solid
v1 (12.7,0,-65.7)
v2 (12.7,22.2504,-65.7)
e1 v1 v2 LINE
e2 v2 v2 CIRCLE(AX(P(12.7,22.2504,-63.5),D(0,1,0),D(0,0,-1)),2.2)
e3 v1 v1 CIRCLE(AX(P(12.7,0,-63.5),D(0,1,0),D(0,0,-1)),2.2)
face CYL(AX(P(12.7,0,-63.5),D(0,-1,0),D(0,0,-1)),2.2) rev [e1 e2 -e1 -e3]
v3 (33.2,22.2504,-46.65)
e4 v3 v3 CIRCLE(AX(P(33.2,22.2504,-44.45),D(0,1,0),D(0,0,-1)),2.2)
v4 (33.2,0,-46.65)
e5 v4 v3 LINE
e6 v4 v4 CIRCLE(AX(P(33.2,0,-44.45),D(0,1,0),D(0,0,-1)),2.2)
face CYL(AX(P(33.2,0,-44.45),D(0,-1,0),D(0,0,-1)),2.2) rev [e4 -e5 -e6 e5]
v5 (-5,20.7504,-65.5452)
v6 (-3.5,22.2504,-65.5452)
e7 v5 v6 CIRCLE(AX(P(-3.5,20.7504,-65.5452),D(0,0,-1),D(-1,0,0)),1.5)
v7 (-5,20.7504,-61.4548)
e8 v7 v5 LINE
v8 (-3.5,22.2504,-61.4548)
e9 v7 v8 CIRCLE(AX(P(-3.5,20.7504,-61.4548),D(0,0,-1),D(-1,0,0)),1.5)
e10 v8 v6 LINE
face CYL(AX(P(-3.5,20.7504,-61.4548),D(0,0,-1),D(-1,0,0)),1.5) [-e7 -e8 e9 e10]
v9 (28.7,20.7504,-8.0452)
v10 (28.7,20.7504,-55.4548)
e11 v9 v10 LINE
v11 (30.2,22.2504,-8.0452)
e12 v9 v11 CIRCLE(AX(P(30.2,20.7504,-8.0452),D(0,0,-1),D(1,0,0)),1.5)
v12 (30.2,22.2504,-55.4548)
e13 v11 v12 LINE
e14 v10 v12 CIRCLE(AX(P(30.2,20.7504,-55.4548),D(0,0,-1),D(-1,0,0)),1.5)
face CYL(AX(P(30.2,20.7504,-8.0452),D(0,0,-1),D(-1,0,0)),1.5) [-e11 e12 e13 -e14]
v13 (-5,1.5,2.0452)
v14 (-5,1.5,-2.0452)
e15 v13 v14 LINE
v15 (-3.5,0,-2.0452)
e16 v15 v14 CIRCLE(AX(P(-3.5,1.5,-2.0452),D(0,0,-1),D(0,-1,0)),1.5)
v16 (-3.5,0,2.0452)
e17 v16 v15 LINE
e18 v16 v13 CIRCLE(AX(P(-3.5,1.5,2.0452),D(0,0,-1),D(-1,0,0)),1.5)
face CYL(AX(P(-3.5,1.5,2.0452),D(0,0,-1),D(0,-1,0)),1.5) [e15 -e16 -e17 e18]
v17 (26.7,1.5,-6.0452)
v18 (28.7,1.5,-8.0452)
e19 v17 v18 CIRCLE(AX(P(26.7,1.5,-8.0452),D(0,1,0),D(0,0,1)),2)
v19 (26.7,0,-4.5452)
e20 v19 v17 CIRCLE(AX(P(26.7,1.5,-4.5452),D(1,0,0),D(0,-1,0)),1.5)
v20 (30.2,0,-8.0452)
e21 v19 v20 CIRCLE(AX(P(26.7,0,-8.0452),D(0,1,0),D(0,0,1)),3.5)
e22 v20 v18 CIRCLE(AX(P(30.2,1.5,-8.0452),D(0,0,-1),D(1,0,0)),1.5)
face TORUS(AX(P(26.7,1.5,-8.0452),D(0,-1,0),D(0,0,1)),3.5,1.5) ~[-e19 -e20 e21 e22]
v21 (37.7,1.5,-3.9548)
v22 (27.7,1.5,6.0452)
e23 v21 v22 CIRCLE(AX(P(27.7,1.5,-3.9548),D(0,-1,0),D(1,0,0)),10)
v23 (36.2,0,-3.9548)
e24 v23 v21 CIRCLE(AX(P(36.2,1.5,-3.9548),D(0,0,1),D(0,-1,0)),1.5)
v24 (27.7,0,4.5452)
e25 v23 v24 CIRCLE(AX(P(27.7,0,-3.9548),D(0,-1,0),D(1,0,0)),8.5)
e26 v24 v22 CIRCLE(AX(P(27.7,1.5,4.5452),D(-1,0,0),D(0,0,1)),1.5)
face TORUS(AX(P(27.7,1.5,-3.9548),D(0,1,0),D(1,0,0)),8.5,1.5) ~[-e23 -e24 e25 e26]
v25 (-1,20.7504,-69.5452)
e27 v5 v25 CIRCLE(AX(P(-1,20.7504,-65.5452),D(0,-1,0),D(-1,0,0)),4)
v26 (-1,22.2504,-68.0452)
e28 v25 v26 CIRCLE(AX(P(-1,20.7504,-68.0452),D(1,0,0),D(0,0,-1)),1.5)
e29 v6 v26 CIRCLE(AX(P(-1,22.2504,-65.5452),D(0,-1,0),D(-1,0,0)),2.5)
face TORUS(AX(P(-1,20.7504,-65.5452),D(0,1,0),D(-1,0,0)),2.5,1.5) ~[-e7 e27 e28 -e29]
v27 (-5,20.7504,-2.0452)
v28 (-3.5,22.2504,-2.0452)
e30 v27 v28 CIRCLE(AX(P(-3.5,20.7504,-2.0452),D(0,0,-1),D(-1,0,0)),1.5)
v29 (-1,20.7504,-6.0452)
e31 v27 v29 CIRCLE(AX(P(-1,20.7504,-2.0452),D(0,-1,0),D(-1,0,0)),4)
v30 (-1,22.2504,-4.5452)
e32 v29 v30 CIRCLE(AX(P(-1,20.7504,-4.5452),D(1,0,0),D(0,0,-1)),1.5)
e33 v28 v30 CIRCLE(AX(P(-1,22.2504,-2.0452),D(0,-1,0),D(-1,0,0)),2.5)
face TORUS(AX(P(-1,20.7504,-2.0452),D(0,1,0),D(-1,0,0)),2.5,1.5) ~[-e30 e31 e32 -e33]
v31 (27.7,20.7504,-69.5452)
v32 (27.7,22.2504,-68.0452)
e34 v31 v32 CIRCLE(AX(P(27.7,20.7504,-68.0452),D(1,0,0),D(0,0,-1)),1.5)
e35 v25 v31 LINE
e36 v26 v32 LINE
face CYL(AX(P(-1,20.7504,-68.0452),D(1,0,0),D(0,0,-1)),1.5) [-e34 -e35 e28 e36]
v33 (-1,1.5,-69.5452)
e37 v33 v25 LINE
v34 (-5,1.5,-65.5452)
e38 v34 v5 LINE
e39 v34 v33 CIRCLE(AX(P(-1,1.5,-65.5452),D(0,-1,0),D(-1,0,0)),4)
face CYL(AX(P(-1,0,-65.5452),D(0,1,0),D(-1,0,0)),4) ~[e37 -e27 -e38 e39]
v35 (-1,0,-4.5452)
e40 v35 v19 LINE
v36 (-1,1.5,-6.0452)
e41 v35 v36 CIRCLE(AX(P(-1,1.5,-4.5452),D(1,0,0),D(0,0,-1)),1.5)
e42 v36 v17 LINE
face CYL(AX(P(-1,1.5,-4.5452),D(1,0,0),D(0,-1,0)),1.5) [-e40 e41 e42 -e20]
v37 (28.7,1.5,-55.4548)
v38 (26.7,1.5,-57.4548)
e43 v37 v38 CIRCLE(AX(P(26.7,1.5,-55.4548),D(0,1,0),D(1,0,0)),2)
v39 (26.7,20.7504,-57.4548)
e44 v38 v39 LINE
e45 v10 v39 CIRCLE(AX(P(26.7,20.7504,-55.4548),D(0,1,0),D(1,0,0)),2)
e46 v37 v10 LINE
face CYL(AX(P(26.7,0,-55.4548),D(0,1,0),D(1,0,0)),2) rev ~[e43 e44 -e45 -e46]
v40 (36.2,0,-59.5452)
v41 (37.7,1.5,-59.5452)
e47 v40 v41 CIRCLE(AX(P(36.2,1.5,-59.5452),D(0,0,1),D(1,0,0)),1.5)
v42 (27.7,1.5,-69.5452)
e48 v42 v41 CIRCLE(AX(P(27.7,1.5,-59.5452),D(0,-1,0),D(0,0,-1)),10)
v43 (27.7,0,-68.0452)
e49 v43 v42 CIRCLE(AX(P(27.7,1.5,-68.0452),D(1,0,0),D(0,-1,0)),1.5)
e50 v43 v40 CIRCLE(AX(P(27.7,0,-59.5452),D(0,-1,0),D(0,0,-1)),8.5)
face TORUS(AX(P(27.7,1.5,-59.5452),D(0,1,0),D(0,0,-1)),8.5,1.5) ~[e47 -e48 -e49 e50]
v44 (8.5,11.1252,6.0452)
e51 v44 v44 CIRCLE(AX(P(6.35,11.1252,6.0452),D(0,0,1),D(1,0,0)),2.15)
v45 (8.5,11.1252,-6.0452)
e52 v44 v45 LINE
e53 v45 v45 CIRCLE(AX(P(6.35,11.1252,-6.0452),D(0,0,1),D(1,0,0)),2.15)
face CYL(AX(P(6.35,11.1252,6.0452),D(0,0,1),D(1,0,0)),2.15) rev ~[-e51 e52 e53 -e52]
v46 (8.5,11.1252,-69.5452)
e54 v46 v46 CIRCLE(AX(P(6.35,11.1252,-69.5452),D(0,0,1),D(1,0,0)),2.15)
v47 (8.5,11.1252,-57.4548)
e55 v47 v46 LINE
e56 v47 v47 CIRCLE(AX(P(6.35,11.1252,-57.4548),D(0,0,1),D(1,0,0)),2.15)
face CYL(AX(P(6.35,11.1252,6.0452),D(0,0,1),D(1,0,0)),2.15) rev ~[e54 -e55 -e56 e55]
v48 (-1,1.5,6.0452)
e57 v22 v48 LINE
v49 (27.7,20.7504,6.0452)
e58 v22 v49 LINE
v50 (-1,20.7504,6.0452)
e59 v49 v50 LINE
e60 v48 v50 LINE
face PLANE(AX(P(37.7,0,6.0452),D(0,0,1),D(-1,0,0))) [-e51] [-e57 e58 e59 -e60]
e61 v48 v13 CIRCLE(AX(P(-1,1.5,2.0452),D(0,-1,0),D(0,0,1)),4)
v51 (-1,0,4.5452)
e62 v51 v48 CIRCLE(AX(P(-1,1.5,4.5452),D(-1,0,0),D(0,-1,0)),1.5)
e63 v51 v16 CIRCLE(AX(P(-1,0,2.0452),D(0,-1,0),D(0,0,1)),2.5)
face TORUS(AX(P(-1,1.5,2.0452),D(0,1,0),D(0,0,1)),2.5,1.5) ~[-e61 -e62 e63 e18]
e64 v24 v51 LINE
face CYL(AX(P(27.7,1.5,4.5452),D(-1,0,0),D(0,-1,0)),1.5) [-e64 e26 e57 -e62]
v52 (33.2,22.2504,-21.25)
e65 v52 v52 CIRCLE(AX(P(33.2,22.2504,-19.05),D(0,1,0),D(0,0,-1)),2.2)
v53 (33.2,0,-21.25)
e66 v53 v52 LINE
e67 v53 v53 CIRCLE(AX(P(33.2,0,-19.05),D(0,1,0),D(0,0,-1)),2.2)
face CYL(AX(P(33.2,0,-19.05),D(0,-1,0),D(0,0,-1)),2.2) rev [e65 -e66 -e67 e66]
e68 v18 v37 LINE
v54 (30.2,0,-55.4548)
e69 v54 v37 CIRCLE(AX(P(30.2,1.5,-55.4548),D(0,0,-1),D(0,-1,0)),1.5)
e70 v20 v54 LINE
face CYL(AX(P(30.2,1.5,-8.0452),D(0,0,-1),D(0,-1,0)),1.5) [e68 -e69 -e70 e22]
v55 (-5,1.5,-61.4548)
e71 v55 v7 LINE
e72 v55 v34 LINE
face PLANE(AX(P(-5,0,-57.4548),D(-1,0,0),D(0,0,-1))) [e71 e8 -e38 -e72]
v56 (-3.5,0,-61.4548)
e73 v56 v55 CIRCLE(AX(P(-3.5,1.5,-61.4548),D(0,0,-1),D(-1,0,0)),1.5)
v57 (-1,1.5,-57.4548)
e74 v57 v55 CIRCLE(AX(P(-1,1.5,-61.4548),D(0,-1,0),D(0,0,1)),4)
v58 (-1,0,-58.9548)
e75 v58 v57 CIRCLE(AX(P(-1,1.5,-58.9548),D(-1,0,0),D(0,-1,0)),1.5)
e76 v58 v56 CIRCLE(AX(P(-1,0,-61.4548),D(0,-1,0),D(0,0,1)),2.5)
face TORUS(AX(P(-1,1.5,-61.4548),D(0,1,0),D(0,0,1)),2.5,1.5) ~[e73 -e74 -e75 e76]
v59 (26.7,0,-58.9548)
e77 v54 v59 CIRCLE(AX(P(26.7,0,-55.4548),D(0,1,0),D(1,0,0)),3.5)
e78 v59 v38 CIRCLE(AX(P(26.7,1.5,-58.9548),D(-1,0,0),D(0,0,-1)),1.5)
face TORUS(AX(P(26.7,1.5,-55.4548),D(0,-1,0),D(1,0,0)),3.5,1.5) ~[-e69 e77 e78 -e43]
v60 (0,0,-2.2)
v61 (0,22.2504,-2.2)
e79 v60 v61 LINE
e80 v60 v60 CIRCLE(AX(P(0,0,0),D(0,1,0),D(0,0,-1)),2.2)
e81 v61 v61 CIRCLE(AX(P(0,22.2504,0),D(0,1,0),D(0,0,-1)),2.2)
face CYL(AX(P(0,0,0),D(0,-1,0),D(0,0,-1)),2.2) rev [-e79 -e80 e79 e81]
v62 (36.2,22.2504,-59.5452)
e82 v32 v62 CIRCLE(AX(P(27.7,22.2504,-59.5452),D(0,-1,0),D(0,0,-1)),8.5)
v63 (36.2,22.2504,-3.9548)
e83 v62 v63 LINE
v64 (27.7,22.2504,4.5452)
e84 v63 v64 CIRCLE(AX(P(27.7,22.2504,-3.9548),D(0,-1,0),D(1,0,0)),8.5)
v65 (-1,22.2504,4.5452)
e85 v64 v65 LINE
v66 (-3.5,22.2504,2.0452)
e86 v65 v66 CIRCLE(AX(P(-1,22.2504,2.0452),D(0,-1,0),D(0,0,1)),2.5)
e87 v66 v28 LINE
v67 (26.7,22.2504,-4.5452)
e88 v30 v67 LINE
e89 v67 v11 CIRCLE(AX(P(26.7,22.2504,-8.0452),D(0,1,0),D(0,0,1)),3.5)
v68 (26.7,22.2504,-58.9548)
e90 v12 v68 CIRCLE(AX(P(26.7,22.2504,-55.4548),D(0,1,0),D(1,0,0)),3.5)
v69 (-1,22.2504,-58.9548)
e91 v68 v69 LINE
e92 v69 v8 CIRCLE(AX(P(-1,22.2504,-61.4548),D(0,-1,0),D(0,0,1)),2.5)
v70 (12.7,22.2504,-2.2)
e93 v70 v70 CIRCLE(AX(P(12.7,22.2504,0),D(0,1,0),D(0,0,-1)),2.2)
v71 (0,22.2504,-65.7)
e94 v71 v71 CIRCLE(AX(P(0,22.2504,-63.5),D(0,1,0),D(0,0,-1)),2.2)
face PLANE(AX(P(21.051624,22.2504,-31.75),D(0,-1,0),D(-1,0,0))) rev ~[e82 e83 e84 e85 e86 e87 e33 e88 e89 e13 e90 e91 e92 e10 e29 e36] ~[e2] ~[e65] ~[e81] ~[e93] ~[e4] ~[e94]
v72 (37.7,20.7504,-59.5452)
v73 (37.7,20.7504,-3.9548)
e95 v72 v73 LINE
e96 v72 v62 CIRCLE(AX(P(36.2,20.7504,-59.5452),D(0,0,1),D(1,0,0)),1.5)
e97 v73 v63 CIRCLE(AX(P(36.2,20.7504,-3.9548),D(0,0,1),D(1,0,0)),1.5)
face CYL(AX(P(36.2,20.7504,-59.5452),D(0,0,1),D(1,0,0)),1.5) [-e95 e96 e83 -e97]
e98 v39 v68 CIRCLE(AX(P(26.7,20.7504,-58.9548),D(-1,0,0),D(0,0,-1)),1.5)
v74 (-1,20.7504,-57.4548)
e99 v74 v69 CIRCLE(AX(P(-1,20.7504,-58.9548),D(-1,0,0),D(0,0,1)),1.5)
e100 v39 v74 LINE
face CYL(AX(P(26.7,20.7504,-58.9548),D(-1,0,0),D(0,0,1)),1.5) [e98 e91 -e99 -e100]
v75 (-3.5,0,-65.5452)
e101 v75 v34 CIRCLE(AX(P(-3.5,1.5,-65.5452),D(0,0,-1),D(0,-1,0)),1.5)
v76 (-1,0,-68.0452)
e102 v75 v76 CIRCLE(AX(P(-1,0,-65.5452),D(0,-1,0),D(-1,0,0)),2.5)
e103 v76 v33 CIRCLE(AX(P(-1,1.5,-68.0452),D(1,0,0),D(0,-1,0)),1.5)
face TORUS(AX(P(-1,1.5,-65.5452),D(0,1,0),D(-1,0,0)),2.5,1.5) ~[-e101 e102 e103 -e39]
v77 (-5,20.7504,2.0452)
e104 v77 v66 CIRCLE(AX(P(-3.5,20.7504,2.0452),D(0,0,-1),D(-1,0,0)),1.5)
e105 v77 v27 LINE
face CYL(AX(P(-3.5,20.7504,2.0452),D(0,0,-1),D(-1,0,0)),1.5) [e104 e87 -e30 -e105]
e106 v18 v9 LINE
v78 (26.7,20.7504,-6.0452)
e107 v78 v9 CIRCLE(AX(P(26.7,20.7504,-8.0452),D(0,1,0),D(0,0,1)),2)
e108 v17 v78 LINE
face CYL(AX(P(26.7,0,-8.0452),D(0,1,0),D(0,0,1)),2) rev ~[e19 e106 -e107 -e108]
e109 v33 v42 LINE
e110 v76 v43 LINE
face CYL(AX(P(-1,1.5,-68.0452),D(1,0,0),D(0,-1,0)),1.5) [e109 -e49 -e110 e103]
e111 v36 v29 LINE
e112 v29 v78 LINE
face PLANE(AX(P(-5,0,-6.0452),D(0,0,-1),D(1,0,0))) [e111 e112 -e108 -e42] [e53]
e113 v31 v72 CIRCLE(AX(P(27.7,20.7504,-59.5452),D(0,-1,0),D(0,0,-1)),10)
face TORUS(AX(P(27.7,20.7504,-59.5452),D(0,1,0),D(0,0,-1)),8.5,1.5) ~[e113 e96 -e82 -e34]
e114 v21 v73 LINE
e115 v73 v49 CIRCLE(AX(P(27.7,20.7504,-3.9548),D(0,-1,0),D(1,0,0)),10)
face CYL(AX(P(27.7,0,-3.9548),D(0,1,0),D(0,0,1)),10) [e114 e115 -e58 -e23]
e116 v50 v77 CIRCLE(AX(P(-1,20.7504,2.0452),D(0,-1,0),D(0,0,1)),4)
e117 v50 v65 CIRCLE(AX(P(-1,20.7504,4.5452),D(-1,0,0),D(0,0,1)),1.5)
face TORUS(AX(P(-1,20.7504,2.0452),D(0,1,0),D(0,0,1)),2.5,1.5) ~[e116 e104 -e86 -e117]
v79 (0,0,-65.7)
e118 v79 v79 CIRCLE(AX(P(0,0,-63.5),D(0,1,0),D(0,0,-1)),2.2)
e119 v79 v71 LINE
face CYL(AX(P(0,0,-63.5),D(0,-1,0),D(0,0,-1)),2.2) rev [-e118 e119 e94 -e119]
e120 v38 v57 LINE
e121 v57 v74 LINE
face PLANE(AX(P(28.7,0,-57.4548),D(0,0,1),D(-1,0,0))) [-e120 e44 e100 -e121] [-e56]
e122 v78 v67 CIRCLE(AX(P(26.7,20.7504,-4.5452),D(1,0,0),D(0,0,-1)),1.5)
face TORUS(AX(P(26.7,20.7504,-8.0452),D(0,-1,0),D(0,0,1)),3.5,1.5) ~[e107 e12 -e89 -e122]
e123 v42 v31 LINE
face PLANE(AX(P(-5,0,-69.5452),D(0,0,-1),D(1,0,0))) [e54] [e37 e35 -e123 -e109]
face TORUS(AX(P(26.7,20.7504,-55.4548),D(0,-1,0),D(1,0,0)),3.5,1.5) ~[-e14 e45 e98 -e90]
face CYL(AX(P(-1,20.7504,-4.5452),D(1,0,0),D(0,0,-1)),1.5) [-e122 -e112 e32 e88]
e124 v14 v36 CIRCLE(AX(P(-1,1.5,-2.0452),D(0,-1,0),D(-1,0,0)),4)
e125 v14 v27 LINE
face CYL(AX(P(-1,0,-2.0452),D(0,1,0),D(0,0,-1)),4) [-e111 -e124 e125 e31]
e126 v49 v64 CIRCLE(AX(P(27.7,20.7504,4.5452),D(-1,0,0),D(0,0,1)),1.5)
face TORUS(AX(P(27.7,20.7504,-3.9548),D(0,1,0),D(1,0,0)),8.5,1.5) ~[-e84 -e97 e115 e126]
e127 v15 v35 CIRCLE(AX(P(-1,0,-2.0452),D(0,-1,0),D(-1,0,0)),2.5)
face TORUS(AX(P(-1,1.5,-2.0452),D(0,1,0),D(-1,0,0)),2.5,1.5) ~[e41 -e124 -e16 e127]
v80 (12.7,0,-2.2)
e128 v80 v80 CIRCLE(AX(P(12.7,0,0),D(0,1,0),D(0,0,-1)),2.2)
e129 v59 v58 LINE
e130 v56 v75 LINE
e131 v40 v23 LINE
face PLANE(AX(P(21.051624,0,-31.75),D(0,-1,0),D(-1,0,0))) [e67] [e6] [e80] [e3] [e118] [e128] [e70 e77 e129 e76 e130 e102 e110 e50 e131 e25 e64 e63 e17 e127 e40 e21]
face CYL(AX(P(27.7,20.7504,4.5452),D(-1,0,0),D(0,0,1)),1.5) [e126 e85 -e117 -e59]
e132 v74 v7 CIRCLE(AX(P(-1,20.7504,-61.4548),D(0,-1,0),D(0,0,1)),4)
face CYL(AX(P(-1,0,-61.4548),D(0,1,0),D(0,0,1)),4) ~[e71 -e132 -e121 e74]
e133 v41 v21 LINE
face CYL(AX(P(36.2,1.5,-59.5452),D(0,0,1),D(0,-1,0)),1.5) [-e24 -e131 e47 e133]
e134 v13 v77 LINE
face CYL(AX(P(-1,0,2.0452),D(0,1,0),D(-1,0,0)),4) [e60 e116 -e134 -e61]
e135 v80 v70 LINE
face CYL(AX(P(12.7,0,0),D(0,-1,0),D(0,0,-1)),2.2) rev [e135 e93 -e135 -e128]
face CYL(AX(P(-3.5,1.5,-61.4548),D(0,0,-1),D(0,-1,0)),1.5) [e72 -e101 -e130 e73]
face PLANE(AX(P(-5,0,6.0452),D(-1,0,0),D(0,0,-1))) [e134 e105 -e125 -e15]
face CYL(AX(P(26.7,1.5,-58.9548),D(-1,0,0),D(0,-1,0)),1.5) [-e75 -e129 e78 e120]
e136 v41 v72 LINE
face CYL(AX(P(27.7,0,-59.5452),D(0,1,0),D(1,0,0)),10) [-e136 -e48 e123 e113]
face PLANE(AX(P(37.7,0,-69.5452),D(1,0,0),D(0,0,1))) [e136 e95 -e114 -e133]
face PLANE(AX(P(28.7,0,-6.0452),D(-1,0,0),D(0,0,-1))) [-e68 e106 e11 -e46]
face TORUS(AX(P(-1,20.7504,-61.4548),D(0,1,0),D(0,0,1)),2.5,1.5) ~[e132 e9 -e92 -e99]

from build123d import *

# Parameters (mm, degrees)
SKETCH1_R           = 2.2
BOSS_EXTRUDE1_DEPTH = 22.2504
FILLET1_R           = 10
FILLET2_R           = 2
FILLET3_R           = 4
FILLET4_R           = 1.5
SKETCH2_R           = 2.15
CUT_EXTRUDE1_DEPTH  = 88.351467531


with BuildPart() as part:
    # Sketch1 → Boss-Extrude1 (new body)
    with BuildSketch(Plane(origin=(0, 0, 0), x_dir=(1, 0, 0), z_dir=(0, 1, 0))):
        Polygon((-5, 6.0452), (28.7, 6.0452), (28.7, 57.4548), (-5, 57.4548), (-5, 69.5452), (37.7, 69.5452), (37.7, -6.0452), (-5, -6.0452), align=None)
        with Locations(Location((0, 0, 0), (0, 0, 90))):
            Circle(SKETCH1_R, mode=Mode.SUBTRACT)
        with Locations(Location((12.7, 0, 0), (0, 0, 90))):
            Circle(SKETCH1_R, mode=Mode.SUBTRACT)
        with Locations(Location((12.7, 63.5, 0), (0, 0, 90))):
            Circle(SKETCH1_R, mode=Mode.SUBTRACT)
        with Locations(Location((0, 63.5, 0), (0, 0, 90))):
            Circle(SKETCH1_R, mode=Mode.SUBTRACT)
        with Locations(Location((33.2, 44.45, 0), (0, 0, 90))):
            Circle(SKETCH1_R, mode=Mode.SUBTRACT)
        with Locations(Location((33.2, 19.05, 0), (0, 0, 90))):
            Circle(SKETCH1_R, mode=Mode.SUBTRACT)
    extrude(amount=BOSS_EXTRUDE1_DEPTH)

    # Fillet1
    fillet1_edges = [part.edges().sort_by_distance(p)[0] for p in [
        (37.7, 11.1252, -69.5452),
        (37.7, 11.1252, 6.0452),
    ]]
    fillet(fillet1_edges, radius=FILLET1_R)

    # Fillet2
    fillet2_edges = [part.edges().sort_by_distance(p)[0] for p in [
        (28.7, 11.1252, -6.0452),
        (28.7, 11.1252, -57.4548),
    ]]
    fillet(fillet2_edges, radius=FILLET2_R)

    # Fillet3
    fillet3_edges = [part.edges().sort_by_distance(p)[0] for p in [
        (-5, 11.1252, 6.0452),
        (-5, 11.1252, -6.0452),
        (-5, 11.1252, -57.4548),
        (-5, 11.1252, -69.5452),
    ]]
    fillet(fillet3_edges, radius=FILLET3_R)

    # Fillet4
    fillet4_edges = [part.edges().sort_by_distance(p)[0] for p in [
        (13.35, 0, -69.5452),
        (13.35, 22.2504, -69.5452),
        (37.7, 0, -31.75),
        (34.771067812, 0, 3.116267812),
        (34.771067812, 0, -66.616267812),
        (37.7, 22.2504, -31.75),
        (34.771067812, 22.2504, 3.116267812),
        (34.771067812, 22.2504, -66.616267812),
        (28.7, 0, -31.75),
        (28.7, 22.2504, -31.75),
        (12.85, 0, -57.4548),
        (12.85, 22.2504, -57.4548),
        (28.114213562, 0, -56.869013562),
        (28.114213562, 22.2504, -56.869013562),
        (28.114213562, 0, -6.630986438),
        (28.114213562, 22.2504, -6.630986438),
        (-5, 0, -63.5),
        (-5, 22.2504, -63.5),
        (13.35, 0, 6.0452),
        (-5, 0, 0),
        (12.85, 0, -6.0452),
        (-3.828427125, 0, 4.873627125),
        (-3.828427125, 0, -4.873627125),
        (-3.828427125, 0, -58.626372875),
        (-3.828427125, 0, -68.373627125),
        (12.85, 22.2504, -6.0452),
        (-5, 22.2504, 0),
        (13.35, 22.2504, 6.0452),
        (-3.828427125, 22.2504, 4.873627125),
        (-3.828427125, 22.2504, -4.873627125),
        (-3.828427125, 22.2504, -58.626372875),
        (-3.828427125, 22.2504, -68.373627125),
    ]]
    fillet(fillet4_edges, radius=FILLET4_R)

    # Sketch2 → Cut-Extrude1 (cut, through all)
    with BuildSketch(Plane.XY.offset(6.0452)):
        with Locations((6.35, 11.1252)):
            Circle(SKETCH2_R)
    extrude(amount=-CUT_EXTRUDE1_DEPTH, mode=Mode.SUBTRACT)


solid = part.part
